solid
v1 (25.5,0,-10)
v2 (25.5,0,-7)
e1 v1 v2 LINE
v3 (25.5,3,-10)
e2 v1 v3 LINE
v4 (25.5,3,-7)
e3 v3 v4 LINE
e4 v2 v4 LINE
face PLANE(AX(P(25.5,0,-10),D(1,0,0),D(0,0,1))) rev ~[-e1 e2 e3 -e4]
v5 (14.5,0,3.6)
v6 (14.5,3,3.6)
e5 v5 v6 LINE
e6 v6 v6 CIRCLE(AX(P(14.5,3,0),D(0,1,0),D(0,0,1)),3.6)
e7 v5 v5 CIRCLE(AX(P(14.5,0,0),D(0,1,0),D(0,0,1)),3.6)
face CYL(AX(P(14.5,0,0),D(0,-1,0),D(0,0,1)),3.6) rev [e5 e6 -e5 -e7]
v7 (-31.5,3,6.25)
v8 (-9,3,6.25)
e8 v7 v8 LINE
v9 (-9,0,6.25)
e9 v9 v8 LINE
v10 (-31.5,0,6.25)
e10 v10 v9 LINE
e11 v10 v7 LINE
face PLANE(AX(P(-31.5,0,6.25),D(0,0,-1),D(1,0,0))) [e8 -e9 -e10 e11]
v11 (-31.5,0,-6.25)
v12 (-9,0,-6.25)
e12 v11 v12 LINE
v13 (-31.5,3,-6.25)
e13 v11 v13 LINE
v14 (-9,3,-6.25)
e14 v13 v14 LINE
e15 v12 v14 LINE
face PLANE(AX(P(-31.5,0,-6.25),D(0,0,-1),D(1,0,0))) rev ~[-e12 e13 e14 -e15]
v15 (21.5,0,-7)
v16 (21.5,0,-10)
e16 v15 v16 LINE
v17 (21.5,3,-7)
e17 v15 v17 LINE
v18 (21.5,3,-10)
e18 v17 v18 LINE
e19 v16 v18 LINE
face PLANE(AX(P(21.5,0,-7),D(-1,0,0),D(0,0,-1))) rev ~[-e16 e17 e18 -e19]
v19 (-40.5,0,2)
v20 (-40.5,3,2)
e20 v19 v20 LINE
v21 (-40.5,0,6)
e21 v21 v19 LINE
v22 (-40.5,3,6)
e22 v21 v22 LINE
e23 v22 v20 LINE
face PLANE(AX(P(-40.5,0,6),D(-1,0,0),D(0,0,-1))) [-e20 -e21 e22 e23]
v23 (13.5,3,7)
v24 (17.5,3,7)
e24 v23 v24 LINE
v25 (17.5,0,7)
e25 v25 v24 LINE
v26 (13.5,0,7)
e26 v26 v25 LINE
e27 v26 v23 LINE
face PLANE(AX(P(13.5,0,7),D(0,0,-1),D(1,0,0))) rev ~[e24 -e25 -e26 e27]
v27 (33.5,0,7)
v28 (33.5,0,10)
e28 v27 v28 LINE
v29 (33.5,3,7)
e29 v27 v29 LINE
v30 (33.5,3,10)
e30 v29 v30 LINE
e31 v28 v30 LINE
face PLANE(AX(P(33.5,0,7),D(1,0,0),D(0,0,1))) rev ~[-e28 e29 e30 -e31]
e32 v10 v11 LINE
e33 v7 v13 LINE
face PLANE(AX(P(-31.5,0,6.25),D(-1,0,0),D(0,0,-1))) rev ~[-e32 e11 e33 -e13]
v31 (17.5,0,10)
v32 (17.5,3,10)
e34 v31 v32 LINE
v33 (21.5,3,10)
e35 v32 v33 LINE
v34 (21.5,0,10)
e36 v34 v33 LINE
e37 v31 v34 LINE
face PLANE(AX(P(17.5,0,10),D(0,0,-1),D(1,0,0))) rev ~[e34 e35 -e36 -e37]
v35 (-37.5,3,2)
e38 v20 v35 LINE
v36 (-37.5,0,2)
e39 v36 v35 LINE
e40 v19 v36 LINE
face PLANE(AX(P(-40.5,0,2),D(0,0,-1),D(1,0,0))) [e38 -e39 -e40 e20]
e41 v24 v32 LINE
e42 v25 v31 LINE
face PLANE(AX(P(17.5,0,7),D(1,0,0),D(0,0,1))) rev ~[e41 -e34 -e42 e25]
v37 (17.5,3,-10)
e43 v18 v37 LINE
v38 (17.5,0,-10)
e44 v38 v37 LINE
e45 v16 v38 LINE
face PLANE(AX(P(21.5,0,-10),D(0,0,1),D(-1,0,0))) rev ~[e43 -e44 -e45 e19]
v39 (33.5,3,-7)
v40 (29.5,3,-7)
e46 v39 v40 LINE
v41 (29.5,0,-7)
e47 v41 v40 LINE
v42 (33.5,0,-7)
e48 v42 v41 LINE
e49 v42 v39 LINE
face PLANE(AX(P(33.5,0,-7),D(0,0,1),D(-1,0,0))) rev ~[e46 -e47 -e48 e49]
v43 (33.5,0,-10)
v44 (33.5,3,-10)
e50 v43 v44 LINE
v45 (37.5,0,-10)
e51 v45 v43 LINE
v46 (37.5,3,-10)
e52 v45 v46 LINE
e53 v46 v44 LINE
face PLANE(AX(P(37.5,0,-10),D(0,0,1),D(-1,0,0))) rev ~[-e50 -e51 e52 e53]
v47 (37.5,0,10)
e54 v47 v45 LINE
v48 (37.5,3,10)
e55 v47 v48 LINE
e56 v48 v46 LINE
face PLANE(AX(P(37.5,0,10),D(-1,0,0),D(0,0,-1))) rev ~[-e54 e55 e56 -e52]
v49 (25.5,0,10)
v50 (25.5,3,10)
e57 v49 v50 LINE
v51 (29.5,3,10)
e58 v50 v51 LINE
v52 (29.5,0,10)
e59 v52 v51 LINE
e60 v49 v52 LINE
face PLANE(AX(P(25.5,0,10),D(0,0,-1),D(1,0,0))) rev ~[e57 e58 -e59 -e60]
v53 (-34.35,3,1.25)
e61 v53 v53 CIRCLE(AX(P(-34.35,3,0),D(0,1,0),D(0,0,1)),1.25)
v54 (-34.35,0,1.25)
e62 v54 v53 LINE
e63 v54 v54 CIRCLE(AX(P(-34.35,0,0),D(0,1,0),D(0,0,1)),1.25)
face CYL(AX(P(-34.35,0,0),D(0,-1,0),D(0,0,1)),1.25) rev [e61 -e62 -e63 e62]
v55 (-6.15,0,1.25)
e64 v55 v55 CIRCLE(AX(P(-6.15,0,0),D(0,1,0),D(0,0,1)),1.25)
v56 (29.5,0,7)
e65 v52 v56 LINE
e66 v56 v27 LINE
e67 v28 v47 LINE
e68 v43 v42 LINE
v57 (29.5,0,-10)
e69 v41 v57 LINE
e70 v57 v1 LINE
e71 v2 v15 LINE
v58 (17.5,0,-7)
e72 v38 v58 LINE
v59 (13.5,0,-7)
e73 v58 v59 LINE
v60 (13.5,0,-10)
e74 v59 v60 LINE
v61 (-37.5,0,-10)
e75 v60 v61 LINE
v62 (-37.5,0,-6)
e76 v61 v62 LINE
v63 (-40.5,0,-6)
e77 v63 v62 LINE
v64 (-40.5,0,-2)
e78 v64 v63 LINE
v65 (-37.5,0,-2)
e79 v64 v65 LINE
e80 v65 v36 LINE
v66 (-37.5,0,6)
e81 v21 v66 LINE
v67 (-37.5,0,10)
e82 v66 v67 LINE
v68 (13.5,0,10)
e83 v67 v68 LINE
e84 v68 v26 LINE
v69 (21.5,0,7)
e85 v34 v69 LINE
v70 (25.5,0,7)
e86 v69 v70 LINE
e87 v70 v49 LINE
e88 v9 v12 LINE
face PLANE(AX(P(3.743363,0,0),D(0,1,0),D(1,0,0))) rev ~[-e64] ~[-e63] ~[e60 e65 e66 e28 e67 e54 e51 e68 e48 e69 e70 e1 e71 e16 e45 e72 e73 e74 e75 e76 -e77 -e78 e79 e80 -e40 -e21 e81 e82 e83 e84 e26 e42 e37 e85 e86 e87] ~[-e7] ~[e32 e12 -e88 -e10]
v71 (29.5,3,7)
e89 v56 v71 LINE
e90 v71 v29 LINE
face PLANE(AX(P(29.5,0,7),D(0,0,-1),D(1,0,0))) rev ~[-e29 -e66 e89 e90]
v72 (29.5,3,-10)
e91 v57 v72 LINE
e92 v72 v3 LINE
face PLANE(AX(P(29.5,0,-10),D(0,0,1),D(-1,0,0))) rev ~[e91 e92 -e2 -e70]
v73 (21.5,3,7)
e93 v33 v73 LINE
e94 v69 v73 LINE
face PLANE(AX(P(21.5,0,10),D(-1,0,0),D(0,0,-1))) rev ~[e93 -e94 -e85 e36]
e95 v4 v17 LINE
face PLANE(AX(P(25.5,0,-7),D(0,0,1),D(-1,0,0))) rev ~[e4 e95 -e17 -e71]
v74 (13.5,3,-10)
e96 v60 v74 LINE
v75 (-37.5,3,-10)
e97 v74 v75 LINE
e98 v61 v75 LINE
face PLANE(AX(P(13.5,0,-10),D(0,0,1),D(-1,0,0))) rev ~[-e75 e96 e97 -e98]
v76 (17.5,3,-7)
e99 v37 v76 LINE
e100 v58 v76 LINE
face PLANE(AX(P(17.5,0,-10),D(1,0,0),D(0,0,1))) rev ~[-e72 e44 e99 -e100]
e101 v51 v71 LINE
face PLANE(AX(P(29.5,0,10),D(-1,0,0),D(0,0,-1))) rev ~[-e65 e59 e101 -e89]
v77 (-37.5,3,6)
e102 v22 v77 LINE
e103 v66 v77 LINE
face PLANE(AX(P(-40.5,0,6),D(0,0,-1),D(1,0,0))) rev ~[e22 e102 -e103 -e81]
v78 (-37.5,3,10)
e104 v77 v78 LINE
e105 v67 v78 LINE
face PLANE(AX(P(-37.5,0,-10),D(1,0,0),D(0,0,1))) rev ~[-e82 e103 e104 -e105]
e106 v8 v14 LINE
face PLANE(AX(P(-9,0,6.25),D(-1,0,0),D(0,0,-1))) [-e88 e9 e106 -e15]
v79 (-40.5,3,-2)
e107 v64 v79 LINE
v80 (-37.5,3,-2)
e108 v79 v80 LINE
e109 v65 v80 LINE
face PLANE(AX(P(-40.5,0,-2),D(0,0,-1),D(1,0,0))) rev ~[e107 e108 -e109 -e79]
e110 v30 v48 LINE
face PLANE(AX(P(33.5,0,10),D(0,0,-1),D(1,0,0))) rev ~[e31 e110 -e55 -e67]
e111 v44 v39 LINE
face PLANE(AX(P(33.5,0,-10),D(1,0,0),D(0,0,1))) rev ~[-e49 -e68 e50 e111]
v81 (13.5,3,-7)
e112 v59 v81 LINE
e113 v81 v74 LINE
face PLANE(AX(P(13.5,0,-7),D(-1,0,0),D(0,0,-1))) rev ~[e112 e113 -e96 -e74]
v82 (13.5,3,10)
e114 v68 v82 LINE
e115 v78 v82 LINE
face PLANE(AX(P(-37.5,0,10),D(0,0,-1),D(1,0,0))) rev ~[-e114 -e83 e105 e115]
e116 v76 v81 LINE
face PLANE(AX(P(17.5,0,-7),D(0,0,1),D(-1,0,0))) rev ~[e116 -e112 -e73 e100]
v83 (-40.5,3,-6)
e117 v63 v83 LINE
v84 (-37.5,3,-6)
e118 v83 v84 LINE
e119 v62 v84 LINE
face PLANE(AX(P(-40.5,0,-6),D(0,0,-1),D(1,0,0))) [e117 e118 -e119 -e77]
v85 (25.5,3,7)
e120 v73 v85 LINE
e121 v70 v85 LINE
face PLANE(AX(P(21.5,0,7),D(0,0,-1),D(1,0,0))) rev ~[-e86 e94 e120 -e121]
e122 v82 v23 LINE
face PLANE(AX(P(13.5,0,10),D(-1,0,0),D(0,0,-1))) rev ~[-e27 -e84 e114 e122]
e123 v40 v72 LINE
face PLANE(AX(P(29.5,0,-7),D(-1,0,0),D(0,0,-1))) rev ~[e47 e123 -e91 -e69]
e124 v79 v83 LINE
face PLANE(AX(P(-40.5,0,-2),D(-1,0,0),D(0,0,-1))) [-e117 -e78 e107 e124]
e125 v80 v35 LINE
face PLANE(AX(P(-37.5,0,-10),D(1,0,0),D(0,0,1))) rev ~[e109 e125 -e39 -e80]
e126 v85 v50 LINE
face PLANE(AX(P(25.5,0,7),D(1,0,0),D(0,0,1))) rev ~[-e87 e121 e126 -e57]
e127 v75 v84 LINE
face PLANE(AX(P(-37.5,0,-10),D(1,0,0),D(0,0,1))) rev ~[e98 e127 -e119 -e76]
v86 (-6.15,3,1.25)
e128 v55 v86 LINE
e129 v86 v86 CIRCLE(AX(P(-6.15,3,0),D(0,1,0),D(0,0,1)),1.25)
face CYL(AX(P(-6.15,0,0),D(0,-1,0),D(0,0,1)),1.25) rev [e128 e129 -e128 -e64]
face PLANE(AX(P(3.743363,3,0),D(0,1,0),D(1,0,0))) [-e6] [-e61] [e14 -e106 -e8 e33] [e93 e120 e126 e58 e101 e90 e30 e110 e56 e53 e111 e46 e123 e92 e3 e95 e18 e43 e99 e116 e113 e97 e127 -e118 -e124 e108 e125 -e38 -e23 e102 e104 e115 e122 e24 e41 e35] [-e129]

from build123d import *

# Parameters (mm, degrees)
CROQUIS1_R              = 1.25
CROQUIS1_W              = 22.5
CROQUIS1_H              = 12.5
CROQUIS1_R_2            = 3.6
CROQUIS1_W_2            = 3
CROQUIS1_H_2            = 4
SALIENTE_EXTRUIR1_DEPTH = 3


with BuildPart() as part:
    # Croquis1 → Saliente-Extruir1 (new body)
    # profile 1 of 3: a face of its own
    with BuildSketch(Plane(origin=(0, 0, 0), x_dir=(1, 0, 0), z_dir=(0, 1, 0))):
        Polygon((-37.5, -6), (-37.5, -10), (13.5, -10), (13.5, -7), (17.5, -7), (17.5, -10), (21.5, -10), (21.5, -7), (25.5, -7), (25.5, -10), (29.5, -10), (29.5, -7), (33.5, -7), (33.5, -10), (37.5, -10), (37.5, 10), (33.5, 10), (33.5, 7), (29.5, 7), (29.5, 10), (25.5, 10), (25.5, 7), (21.5, 7), (21.5, 10), (17.5, 10), (17.5, 7), (13.5, 7), (13.5, 10), (-37.5, 10), (-37.5, 6), (-37.5, 2), (-37.5, -2), align=None)
        with Locations(Location((-34.35, 0, 0), (0, 0, 270))):
            Circle(CROQUIS1_R, mode=Mode.SUBTRACT)
        with Locations((-20.25, 0)):
            Rectangle(CROQUIS1_W, CROQUIS1_H, mode=Mode.SUBTRACT)
        with Locations(Location((-6.15, 0, 0), (0, 0, 270))):
            Circle(CROQUIS1_R, mode=Mode.SUBTRACT)
        with Locations(Location((14.5, 0, 0), (0, 0, 270))):
            Circle(CROQUIS1_R_2, mode=Mode.SUBTRACT)
    # profile 2 of 3: a face of its own
    with BuildSketch(Plane(origin=(0, 0, 0), x_dir=(1, 0, 0), z_dir=(0, 1, 0))):
        with Locations((-39, -4)):
            Rectangle(CROQUIS1_W_2, CROQUIS1_H_2)
    # profile 3 of 3: a face of its own
    with BuildSketch(Plane(origin=(0, 0, 0), x_dir=(1, 0, 0), z_dir=(0, 1, 0))):
        with Locations((-39, 4)):
            Rectangle(CROQUIS1_W_2, CROQUIS1_H_2)
    extrude(amount=SALIENTE_EXTRUIR1_DEPTH)


solid = part.part
